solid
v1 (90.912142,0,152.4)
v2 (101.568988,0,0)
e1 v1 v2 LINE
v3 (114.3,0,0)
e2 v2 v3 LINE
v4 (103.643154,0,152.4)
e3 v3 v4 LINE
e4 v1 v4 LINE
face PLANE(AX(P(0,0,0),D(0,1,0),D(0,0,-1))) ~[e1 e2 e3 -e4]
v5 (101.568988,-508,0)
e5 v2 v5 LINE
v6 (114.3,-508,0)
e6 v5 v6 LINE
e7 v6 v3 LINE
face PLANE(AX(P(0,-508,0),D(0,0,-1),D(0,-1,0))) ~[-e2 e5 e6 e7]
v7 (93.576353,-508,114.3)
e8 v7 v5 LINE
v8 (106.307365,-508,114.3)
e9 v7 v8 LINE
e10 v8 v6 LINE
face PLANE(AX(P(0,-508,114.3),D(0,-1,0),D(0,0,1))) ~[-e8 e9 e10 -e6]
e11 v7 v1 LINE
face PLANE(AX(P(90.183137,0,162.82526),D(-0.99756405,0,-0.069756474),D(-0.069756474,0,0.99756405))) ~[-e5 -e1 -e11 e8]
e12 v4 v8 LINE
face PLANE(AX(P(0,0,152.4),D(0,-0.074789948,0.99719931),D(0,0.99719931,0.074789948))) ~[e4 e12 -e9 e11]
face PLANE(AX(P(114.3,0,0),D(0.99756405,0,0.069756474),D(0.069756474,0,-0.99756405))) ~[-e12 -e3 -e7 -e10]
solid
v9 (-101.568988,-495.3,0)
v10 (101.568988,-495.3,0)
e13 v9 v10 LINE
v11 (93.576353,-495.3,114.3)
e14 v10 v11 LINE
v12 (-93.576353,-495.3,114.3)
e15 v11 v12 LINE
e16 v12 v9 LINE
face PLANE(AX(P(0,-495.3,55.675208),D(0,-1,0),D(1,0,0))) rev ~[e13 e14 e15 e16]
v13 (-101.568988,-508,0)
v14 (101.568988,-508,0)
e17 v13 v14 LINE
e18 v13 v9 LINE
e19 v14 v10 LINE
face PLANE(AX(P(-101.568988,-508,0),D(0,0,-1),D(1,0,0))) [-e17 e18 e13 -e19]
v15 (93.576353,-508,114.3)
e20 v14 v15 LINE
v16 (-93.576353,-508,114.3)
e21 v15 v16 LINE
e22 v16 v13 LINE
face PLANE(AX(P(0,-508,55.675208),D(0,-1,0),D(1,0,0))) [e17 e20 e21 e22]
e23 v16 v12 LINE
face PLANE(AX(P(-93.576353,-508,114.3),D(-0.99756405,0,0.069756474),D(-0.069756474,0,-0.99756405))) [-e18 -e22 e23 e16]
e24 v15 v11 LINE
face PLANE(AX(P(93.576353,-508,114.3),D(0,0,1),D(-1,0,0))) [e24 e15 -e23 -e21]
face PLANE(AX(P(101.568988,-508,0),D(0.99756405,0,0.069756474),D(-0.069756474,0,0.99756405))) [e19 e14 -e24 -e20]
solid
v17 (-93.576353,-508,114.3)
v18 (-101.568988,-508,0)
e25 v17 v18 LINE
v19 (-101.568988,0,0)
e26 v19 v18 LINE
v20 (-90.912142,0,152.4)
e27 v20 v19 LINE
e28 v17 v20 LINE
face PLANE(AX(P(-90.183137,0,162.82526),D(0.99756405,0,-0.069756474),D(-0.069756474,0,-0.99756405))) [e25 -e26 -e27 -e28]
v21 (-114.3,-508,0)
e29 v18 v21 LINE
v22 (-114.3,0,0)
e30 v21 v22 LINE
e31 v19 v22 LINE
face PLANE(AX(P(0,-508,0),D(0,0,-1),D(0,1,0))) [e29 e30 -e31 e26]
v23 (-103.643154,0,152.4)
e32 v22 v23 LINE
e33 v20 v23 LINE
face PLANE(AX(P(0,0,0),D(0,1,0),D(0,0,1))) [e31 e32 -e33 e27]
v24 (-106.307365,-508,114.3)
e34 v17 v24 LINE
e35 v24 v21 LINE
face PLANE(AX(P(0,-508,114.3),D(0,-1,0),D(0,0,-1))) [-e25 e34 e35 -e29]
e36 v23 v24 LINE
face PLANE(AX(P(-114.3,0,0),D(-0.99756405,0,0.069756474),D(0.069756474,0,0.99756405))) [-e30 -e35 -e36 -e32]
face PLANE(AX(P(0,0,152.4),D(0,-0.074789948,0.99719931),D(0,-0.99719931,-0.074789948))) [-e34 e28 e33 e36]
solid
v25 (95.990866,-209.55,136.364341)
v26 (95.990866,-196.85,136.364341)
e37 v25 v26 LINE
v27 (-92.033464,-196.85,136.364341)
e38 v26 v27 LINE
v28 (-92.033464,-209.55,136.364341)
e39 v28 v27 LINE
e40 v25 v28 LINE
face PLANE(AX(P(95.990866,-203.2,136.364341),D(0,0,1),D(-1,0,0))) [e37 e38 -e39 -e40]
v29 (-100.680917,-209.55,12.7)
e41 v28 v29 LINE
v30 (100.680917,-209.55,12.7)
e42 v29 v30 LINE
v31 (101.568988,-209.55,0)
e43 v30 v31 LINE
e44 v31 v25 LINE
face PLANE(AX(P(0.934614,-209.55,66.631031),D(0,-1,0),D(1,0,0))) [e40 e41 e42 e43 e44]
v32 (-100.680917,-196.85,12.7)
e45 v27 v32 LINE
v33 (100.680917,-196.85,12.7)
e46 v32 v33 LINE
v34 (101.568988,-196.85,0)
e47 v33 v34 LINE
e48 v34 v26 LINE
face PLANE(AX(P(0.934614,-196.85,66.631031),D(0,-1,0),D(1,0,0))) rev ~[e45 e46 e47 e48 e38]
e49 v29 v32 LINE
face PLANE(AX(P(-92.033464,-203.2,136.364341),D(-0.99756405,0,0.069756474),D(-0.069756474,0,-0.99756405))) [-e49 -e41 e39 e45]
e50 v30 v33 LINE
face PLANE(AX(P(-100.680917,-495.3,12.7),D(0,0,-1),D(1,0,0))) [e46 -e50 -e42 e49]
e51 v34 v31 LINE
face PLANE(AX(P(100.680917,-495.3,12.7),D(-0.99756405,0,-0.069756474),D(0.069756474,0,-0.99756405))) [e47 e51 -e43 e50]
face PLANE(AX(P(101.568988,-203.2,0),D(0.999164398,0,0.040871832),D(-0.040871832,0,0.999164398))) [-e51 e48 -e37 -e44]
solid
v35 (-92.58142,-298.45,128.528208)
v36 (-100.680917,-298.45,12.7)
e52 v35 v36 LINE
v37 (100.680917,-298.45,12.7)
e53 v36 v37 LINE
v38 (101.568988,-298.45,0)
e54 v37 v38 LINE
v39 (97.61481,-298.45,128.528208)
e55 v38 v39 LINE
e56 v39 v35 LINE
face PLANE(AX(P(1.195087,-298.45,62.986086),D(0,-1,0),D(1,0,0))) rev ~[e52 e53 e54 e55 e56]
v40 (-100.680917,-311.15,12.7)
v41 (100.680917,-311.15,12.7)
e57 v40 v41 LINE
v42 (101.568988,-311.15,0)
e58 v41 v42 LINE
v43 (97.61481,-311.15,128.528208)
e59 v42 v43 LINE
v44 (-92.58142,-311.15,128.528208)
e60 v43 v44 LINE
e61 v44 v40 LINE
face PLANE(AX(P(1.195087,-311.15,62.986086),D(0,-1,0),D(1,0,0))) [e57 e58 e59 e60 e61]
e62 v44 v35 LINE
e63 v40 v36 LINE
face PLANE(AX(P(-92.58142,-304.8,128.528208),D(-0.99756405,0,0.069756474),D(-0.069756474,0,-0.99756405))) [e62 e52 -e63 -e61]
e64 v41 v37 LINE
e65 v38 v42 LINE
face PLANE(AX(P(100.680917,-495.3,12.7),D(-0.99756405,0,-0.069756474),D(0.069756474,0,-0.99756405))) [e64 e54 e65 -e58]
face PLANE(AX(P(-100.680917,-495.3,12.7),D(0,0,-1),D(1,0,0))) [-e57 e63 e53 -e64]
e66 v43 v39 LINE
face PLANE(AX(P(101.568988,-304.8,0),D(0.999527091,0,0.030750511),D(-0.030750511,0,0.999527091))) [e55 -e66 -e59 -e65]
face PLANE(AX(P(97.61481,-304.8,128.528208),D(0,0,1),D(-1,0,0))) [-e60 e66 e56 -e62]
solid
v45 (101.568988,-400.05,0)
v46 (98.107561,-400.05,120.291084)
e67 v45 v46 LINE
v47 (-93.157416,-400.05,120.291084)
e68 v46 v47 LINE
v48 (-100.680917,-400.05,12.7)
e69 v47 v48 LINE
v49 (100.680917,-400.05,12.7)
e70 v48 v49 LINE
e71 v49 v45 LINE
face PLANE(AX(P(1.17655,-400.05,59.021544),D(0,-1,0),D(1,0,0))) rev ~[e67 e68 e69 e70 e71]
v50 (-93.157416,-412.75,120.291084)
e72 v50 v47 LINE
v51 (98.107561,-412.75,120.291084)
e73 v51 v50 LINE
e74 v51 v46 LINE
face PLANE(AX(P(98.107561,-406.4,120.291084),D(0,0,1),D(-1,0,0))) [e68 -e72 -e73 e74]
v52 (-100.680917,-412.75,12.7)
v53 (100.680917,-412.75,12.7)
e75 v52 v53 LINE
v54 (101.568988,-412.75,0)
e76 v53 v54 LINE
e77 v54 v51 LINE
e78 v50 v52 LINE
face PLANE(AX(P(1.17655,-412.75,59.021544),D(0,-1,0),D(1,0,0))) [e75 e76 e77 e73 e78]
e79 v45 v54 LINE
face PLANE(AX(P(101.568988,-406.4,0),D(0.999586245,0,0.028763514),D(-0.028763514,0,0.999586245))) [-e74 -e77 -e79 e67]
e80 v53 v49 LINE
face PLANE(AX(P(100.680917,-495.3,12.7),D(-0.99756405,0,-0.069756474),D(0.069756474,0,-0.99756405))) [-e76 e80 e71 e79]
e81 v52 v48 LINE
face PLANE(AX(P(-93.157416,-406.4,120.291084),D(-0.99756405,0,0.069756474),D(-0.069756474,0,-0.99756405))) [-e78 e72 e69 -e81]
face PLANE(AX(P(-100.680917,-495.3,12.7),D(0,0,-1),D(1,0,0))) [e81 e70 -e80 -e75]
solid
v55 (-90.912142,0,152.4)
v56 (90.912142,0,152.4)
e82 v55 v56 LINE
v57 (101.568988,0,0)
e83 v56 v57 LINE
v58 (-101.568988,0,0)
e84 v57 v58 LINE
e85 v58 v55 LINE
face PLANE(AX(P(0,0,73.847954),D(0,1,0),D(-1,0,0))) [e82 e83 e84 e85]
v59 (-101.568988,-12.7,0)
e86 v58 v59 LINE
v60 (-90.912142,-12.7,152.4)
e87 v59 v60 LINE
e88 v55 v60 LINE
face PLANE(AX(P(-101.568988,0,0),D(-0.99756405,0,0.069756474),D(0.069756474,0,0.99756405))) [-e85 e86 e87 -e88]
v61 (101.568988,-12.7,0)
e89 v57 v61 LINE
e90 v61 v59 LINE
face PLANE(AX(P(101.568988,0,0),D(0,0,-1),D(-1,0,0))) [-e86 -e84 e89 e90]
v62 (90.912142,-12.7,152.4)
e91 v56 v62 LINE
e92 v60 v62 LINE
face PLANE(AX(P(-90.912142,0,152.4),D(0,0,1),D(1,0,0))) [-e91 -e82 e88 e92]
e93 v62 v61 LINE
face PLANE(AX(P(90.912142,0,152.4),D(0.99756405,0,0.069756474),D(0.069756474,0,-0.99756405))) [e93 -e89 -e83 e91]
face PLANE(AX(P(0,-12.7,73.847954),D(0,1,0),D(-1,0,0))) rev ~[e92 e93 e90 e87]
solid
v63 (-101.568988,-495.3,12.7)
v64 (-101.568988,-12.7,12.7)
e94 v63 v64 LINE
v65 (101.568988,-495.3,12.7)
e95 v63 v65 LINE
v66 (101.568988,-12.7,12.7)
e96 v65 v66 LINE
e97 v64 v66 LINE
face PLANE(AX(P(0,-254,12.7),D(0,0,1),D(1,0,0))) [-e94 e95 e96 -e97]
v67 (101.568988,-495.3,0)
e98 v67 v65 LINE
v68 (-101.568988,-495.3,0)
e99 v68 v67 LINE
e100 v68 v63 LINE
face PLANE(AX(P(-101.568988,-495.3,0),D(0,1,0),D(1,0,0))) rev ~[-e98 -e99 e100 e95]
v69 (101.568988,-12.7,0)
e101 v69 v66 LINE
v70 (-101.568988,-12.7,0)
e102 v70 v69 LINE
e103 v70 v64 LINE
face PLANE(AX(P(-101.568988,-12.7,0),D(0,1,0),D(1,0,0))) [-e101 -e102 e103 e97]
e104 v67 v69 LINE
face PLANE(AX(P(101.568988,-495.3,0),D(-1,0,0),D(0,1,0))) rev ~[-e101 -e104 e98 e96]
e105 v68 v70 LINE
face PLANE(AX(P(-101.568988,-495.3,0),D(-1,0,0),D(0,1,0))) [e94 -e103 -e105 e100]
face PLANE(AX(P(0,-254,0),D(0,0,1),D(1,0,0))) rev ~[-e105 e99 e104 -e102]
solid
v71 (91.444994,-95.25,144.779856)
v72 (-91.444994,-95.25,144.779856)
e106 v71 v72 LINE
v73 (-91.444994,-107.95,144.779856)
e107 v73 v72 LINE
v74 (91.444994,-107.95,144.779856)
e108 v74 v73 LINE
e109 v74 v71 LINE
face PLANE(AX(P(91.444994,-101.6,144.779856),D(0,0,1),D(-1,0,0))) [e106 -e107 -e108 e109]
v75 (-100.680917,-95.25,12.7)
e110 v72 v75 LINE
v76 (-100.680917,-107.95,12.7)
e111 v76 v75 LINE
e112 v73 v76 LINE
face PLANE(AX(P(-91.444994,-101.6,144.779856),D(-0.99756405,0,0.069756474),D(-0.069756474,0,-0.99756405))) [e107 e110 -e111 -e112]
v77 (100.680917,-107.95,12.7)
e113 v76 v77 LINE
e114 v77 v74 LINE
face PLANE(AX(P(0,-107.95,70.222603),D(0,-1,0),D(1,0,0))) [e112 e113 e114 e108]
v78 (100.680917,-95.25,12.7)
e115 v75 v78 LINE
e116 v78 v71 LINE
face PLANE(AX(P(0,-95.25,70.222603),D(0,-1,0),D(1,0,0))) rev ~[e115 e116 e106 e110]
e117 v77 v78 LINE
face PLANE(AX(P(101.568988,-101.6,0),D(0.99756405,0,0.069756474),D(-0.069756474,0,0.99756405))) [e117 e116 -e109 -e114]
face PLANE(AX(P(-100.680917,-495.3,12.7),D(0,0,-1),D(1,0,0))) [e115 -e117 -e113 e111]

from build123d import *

# Parameters (mm, degrees)
F1_DEPTH       = 114.3
F3_DEPTH       = 528.32
F5_DEPTH       = 508
F8_DEPTH       = 12.7
F14_DEPTH      = 6.35
F14_DEPTH_BACK = 6.35
F16_DEPTH      = 6.35
F16_DEPTH_BACK = 6.35
F18_DEPTH      = 6.35
F18_DEPTH_BACK = 6.35
F21_DEPTH      = 6.35
F21_DEPTH_BACK = 6.35
F22_DEPTH      = 12.7
F24_DEPTH      = 482.6
F25_W          = 203.1379757887
F25_H          = 482.6
F26_DEPTH      = 12.7


with BuildPart() as f1:
    # F0 (on Right) → F1 (new body)
    with BuildSketch(Plane.YZ):
        Polygon((-508, 0), (0, 0), (0, 152.4), (-508, 114.3), align=None)
    extrude(amount=-F1_DEPTH)

    # F2 (on Front) → F3 (cut)
    with BuildSketch(Plane.XZ):
        Polygon((-133.1725418568, 0), (-114.3, 0), (-103.4560899626, 155.075138362), (-133.1725418568, 155.075138362), align=None)
    extrude(amount=F3_DEPTH, mode=Mode.SUBTRACT)

    # F4 (on Front) → F5 (cut)
    with BuildSketch(Plane.XZ):
        Polygon((0, 168.3597160092), (-90.1831365799, 162.8252596961), (-102.7114227376, -16.3375794131), (0, -16.3375794131), align=None)
    extrude(amount=F5_DEPTH, mode=Mode.SUBTRACT)


with BuildPart() as f6_1:
    # F6: instance of F1
    add(f1.part.mirror(Plane.YZ))


with BuildPart() as f8:
    # F7 (on face) → F8 (new body)
    with BuildSketch(Plane(origin=(0, 0, 0), x_dir=(-1, 0, 0), z_dir=(0, 1, 0))):
        Polygon((90.9121417542, 152.4), (-90.9121417542, 152.4), (-101.5689878944, 0), (101.5689878944, 0), align=None)
    extrude(amount=-F8_DEPTH)


with BuildPart() as f14:
    # F13 (on offset) → F14 (new body, two sides)
    with BuildSketch(Plane.XZ.offset(101.6)) as f14_sk:
        Polygon((-91.4449941175, 144.7798561883), (-101.5689878944, 0), (101.5689878944, 0), (91.4449941175, 144.7798561883), align=None)
    extrude(amount=F14_DEPTH)
    extrude(f14_sk.sketch, amount=-F14_DEPTH_BACK)


with BuildPart() as f16:
    # F15 (on offset) → F16 (new body, two sides)
    with BuildSketch(Plane.XZ.offset(203.2)) as f16_sk:
        Polygon((-92.0334642807, 136.3643407822), (-101.5689878944, 0), (101.5689878944, 0), (95.9908664227, 136.3643407822), align=None)
    extrude(amount=F16_DEPTH)
    extrude(f16_sk.sketch, amount=-F16_DEPTH_BACK)


with BuildPart() as f18:
    # F17 (on offset) → F18 (new body, two sides)
    with BuildSketch(Plane.XZ.offset(304.8)) as f18_sk:
        Polygon((-92.5814200962, 128.5282075405), (-101.5689878944, 0), (101.5689878944, 0), (97.6148098707, 128.5282075405), align=None)
    extrude(amount=F18_DEPTH)
    extrude(f18_sk.sketch, amount=-F18_DEPTH_BACK)


with BuildPart() as f21:
    # F20 (on offset) → F21 (new body, two sides)
    with BuildSketch(Plane.XZ.offset(406.4)) as f21_sk:
        Polygon((-93.1574158814, 120.2910840511), (-101.5689878944, 0), (101.5689878944, 0), (98.1075614691, 120.2910840511), align=None)
    extrude(amount=F21_DEPTH)
    extrude(f21_sk.sketch, amount=-F21_DEPTH_BACK)


with BuildPart() as f22:
    # F9 (on face) → F22 (new body)
    with BuildSketch(Plane.XZ.offset(508)):
        Polygon((-93.5763532892, 114.3), (-101.5689878944, 0), (101.5689878944, 0), (93.5763532892, 114.3), align=None)
    extrude(amount=-F22_DEPTH)


with BuildPart() as f24_tool:
    # F23 (on face) → F24 (new body, through all)
    with BuildSketch(Plane(origin=(0, -495.3, 0), x_dir=(-1, 0, 0), z_dir=(0, 1, 0))):
        Polygon((-100.6809173827, 12.7), (-101.5689878944, 0), (101.5689878944, 0), (100.6809173827, 12.7), align=None)
    extrude(amount=F24_DEPTH)


with BuildPart() as f14_1:
    add(f14.part)

    # F24: cut by f24_tool
    add(f24_tool.part, mode=Mode.SUBTRACT)


with BuildPart() as f16_1:
    add(f16.part)

    # F24: cut by f24_tool
    add(f24_tool.part, mode=Mode.SUBTRACT)


with BuildPart() as f18_1:
    add(f18.part)

    # F24: cut by f24_tool
    add(f24_tool.part, mode=Mode.SUBTRACT)


with BuildPart() as f21_1:
    add(f21.part)

    # F24: cut by f24_tool
    add(f24_tool.part, mode=Mode.SUBTRACT)


with BuildPart() as f26:
    # F25 (on Top) → F26 (new body)
    with BuildSketch(Plane.XY):
        with Locations((0, -254)):
            Rectangle(F25_W, F25_H)
    extrude(amount=F26_DEPTH)


solid = Compound([f1.part, f6_1.part, f8.part, f22.part, f14_1.part, f16_1.part, f18_1.part, f21_1.part, f26.part])
